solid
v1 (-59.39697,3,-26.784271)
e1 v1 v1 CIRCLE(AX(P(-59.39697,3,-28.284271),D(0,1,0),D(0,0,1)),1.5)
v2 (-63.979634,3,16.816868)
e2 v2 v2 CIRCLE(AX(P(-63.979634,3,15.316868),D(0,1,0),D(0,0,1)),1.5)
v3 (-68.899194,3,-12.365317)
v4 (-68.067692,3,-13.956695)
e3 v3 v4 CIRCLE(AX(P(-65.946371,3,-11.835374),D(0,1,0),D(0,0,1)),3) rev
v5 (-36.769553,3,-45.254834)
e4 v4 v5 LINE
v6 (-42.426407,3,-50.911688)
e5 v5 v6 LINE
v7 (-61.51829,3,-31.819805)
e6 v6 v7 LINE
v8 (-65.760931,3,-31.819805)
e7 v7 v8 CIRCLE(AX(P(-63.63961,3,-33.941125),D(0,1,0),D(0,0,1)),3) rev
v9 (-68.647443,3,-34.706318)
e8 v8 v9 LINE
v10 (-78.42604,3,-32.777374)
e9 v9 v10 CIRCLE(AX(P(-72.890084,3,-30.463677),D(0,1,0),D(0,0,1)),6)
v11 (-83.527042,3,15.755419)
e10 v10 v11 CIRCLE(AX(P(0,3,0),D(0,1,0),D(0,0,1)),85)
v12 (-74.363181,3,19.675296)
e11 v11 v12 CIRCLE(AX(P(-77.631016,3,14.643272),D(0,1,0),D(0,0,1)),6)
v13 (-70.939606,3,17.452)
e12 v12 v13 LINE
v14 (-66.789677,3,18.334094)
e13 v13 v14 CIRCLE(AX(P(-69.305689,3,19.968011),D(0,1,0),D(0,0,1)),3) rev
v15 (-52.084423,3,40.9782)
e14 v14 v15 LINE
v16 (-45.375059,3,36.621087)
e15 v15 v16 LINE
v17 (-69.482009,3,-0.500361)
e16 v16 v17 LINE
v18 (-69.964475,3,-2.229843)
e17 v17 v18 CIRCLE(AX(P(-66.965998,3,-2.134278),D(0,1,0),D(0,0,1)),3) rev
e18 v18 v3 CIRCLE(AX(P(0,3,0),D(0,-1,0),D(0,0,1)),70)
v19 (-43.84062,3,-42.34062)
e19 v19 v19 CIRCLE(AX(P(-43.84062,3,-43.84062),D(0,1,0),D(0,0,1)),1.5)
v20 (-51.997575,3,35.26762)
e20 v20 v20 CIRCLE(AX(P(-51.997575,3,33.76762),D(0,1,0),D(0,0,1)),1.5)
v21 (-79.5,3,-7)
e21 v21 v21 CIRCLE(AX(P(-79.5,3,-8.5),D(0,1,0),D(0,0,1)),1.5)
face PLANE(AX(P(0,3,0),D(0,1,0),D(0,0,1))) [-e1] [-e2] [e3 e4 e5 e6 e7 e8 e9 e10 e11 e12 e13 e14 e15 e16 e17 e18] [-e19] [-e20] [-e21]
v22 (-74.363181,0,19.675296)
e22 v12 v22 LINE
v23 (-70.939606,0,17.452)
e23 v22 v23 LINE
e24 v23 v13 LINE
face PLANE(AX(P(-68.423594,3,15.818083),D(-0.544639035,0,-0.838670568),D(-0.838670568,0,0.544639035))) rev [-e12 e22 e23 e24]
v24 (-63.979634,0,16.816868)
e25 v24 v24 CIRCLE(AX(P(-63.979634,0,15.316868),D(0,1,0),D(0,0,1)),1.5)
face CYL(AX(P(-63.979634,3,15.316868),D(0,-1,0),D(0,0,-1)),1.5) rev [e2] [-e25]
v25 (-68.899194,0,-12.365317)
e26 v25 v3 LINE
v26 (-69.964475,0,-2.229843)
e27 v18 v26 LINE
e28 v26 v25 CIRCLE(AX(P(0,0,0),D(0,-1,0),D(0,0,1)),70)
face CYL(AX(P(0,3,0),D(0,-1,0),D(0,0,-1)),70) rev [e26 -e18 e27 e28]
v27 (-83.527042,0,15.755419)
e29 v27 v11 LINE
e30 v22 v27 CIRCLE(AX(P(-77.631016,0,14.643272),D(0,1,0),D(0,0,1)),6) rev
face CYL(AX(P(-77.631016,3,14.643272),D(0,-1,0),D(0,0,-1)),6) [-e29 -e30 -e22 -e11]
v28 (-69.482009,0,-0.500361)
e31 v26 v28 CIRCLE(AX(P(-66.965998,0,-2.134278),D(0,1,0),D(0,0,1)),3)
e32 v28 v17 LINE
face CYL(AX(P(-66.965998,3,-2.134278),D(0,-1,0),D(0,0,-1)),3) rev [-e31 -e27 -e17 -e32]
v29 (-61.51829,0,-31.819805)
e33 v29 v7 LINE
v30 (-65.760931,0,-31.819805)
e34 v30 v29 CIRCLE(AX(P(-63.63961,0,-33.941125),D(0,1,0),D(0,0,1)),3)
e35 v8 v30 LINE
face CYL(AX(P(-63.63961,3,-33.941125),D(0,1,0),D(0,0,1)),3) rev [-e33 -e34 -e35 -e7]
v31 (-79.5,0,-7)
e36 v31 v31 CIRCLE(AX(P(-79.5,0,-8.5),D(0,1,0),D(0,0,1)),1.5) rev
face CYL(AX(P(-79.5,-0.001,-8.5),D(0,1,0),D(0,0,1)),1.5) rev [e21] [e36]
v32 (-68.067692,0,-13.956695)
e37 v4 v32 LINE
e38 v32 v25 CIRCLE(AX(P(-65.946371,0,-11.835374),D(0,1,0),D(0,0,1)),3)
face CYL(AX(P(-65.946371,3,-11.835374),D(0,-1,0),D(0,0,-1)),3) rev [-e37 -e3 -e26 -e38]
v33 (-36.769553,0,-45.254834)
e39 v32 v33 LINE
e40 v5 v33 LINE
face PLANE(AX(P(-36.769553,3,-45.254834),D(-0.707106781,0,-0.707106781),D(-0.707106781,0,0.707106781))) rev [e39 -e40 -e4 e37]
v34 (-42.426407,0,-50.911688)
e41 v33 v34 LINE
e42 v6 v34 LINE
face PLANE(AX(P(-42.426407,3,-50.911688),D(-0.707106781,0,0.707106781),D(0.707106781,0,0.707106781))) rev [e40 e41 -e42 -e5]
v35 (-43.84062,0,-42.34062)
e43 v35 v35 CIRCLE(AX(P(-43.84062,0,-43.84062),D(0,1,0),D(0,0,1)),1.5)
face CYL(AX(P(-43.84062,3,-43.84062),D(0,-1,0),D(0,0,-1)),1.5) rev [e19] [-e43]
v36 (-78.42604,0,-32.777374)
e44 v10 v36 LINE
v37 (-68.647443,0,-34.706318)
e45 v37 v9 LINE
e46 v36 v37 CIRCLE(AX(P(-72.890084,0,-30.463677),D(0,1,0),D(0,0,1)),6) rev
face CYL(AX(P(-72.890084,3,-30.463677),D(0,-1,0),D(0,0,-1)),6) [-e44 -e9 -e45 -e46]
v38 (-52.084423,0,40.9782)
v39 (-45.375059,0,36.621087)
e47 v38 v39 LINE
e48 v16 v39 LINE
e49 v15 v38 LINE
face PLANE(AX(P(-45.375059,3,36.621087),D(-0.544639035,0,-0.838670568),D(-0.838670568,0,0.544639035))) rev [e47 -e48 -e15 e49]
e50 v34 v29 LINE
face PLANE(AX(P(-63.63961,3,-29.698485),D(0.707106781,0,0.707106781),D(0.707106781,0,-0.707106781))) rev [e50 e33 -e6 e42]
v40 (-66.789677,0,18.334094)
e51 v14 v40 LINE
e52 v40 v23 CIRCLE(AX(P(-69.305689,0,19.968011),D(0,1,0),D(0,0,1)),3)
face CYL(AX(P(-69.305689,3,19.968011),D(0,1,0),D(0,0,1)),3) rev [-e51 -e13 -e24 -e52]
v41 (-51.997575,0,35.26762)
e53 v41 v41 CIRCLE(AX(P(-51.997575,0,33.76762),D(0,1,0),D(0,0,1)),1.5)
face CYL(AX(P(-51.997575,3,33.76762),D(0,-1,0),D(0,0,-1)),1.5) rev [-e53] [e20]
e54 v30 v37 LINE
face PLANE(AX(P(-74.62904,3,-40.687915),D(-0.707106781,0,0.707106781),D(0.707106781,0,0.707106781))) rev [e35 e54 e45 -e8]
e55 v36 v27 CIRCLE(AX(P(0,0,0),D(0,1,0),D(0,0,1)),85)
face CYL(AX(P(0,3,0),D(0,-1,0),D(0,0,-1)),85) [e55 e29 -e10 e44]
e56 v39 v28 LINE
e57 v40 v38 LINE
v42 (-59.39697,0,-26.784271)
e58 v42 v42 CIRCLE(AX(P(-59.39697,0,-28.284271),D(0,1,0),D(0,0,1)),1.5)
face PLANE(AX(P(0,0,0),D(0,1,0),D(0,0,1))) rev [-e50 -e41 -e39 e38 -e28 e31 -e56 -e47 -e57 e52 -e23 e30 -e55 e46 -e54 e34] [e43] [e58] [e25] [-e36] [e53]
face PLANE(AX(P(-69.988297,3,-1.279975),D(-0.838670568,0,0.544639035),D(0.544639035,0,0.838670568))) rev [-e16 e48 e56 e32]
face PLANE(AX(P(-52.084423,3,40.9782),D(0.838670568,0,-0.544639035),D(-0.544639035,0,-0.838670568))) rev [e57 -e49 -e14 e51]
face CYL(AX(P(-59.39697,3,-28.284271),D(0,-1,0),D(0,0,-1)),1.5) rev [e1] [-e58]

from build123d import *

# Parameters (mm, degrees)
SKETCH1_R           = 1.5
BOSS_EXTRUDE1_DEPTH = 3
FILLET1_R           = 6
FILLET2_R           = 3
CUT_EXTRUDE1_REACH  = 5
SKETCH2_R           = 1.5


with BuildPart() as part:
    # Sketch1 → Boss-Extrude1 (new body)
    with BuildSketch(Plane(origin=(0, 0, 0), x_dir=(1, 0, 0), z_dir=(0, 1, 0))):
        with BuildLine():
            Line((-74.629040009, 40.687914512), (-63.639610307, 29.69848481))
            Line((-63.639610307, 29.69848481), (-42.426406871, 50.911688245))
            Line((-42.426406871, 50.911688245), (-36.769552622, 45.254833996))
            Line((-36.769552622, 45.254833996), (-68.72500623, 13.299380388))
            ThreePointArc((-68.72500623, 13.299380388), (-69.616532676, 7.316992429), (-69.988296617, 1.279975229))
            Line((-69.988296617, 1.279975229), (-45.375058731, -36.621087439))
            Line((-45.375058731, -36.621087439), (-52.084423274, -40.978199719))
            Line((-52.084423274, -40.978199719), (-68.423594325, -15.81808268))
            Line((-68.423594325, -15.81808268), (-81.457709532, -24.282536066))
            ThreePointArc((-81.457709532, -24.282536066), (-84.534361106, 8.884919378), (-74.629040009, 40.687914512))
        make_face()
        with Locations((-43.840620434, 43.840620434)):
            Circle(SKETCH1_R, mode=Mode.SUBTRACT)
        with Locations((-59.39696962, 28.284271247)):
            Circle(SKETCH1_R, mode=Mode.SUBTRACT)
        with Locations((-51.997575213, -33.767620171)):
            Circle(SKETCH1_R, mode=Mode.SUBTRACT)
        with Locations((-63.979633983, -15.316867676)):
            Circle(SKETCH1_R, mode=Mode.SUBTRACT)
    extrude(amount=BOSS_EXTRUDE1_DEPTH)

    # Fillet1
    fillet1_edges = [part.edges().sort_by_distance(p)[0] for p in [
        (-74.629040009, 1.5, -40.687914512),
        (-81.457709532, 1.5, 24.282536066),
    ]]
    fillet(fillet1_edges, radius=FILLET1_R)

    # Fillet2
    fillet2_edges = [part.edges().sort_by_distance(p)[0] for p in [
        (-63.639610307, 1.5, -29.69848481),
        (-68.72500623, 1.5, -13.299380388),
        (-69.988296617, 1.5, -1.279975229),
        (-68.423594325, 1.5, 15.81808268),
    ]]
    fillet(fillet2_edges, radius=FILLET2_R)

    # Sketch2 → Cut-Extrude1 (cut, up to next)
    with BuildSketch(Plane(origin=(0, 3, 0), x_dir=(1, 0, 0), z_dir=(0, 1, 0)), mode=Mode.PRIVATE) as cut_extrude1_sk1:
        with Locations((-79.5, 8.5)):
            Circle(SKETCH2_R)
    cut_extrude1_tool1 = extrude(cut_extrude1_sk1.sketch, amount=-CUT_EXTRUDE1_REACH, mode=Mode.PRIVATE) & part.part
    add(cut_extrude1_tool1.solids().sort_by_distance((-79.5, 3, -8.5))[0], mode=Mode.SUBTRACT)


solid = part.part
